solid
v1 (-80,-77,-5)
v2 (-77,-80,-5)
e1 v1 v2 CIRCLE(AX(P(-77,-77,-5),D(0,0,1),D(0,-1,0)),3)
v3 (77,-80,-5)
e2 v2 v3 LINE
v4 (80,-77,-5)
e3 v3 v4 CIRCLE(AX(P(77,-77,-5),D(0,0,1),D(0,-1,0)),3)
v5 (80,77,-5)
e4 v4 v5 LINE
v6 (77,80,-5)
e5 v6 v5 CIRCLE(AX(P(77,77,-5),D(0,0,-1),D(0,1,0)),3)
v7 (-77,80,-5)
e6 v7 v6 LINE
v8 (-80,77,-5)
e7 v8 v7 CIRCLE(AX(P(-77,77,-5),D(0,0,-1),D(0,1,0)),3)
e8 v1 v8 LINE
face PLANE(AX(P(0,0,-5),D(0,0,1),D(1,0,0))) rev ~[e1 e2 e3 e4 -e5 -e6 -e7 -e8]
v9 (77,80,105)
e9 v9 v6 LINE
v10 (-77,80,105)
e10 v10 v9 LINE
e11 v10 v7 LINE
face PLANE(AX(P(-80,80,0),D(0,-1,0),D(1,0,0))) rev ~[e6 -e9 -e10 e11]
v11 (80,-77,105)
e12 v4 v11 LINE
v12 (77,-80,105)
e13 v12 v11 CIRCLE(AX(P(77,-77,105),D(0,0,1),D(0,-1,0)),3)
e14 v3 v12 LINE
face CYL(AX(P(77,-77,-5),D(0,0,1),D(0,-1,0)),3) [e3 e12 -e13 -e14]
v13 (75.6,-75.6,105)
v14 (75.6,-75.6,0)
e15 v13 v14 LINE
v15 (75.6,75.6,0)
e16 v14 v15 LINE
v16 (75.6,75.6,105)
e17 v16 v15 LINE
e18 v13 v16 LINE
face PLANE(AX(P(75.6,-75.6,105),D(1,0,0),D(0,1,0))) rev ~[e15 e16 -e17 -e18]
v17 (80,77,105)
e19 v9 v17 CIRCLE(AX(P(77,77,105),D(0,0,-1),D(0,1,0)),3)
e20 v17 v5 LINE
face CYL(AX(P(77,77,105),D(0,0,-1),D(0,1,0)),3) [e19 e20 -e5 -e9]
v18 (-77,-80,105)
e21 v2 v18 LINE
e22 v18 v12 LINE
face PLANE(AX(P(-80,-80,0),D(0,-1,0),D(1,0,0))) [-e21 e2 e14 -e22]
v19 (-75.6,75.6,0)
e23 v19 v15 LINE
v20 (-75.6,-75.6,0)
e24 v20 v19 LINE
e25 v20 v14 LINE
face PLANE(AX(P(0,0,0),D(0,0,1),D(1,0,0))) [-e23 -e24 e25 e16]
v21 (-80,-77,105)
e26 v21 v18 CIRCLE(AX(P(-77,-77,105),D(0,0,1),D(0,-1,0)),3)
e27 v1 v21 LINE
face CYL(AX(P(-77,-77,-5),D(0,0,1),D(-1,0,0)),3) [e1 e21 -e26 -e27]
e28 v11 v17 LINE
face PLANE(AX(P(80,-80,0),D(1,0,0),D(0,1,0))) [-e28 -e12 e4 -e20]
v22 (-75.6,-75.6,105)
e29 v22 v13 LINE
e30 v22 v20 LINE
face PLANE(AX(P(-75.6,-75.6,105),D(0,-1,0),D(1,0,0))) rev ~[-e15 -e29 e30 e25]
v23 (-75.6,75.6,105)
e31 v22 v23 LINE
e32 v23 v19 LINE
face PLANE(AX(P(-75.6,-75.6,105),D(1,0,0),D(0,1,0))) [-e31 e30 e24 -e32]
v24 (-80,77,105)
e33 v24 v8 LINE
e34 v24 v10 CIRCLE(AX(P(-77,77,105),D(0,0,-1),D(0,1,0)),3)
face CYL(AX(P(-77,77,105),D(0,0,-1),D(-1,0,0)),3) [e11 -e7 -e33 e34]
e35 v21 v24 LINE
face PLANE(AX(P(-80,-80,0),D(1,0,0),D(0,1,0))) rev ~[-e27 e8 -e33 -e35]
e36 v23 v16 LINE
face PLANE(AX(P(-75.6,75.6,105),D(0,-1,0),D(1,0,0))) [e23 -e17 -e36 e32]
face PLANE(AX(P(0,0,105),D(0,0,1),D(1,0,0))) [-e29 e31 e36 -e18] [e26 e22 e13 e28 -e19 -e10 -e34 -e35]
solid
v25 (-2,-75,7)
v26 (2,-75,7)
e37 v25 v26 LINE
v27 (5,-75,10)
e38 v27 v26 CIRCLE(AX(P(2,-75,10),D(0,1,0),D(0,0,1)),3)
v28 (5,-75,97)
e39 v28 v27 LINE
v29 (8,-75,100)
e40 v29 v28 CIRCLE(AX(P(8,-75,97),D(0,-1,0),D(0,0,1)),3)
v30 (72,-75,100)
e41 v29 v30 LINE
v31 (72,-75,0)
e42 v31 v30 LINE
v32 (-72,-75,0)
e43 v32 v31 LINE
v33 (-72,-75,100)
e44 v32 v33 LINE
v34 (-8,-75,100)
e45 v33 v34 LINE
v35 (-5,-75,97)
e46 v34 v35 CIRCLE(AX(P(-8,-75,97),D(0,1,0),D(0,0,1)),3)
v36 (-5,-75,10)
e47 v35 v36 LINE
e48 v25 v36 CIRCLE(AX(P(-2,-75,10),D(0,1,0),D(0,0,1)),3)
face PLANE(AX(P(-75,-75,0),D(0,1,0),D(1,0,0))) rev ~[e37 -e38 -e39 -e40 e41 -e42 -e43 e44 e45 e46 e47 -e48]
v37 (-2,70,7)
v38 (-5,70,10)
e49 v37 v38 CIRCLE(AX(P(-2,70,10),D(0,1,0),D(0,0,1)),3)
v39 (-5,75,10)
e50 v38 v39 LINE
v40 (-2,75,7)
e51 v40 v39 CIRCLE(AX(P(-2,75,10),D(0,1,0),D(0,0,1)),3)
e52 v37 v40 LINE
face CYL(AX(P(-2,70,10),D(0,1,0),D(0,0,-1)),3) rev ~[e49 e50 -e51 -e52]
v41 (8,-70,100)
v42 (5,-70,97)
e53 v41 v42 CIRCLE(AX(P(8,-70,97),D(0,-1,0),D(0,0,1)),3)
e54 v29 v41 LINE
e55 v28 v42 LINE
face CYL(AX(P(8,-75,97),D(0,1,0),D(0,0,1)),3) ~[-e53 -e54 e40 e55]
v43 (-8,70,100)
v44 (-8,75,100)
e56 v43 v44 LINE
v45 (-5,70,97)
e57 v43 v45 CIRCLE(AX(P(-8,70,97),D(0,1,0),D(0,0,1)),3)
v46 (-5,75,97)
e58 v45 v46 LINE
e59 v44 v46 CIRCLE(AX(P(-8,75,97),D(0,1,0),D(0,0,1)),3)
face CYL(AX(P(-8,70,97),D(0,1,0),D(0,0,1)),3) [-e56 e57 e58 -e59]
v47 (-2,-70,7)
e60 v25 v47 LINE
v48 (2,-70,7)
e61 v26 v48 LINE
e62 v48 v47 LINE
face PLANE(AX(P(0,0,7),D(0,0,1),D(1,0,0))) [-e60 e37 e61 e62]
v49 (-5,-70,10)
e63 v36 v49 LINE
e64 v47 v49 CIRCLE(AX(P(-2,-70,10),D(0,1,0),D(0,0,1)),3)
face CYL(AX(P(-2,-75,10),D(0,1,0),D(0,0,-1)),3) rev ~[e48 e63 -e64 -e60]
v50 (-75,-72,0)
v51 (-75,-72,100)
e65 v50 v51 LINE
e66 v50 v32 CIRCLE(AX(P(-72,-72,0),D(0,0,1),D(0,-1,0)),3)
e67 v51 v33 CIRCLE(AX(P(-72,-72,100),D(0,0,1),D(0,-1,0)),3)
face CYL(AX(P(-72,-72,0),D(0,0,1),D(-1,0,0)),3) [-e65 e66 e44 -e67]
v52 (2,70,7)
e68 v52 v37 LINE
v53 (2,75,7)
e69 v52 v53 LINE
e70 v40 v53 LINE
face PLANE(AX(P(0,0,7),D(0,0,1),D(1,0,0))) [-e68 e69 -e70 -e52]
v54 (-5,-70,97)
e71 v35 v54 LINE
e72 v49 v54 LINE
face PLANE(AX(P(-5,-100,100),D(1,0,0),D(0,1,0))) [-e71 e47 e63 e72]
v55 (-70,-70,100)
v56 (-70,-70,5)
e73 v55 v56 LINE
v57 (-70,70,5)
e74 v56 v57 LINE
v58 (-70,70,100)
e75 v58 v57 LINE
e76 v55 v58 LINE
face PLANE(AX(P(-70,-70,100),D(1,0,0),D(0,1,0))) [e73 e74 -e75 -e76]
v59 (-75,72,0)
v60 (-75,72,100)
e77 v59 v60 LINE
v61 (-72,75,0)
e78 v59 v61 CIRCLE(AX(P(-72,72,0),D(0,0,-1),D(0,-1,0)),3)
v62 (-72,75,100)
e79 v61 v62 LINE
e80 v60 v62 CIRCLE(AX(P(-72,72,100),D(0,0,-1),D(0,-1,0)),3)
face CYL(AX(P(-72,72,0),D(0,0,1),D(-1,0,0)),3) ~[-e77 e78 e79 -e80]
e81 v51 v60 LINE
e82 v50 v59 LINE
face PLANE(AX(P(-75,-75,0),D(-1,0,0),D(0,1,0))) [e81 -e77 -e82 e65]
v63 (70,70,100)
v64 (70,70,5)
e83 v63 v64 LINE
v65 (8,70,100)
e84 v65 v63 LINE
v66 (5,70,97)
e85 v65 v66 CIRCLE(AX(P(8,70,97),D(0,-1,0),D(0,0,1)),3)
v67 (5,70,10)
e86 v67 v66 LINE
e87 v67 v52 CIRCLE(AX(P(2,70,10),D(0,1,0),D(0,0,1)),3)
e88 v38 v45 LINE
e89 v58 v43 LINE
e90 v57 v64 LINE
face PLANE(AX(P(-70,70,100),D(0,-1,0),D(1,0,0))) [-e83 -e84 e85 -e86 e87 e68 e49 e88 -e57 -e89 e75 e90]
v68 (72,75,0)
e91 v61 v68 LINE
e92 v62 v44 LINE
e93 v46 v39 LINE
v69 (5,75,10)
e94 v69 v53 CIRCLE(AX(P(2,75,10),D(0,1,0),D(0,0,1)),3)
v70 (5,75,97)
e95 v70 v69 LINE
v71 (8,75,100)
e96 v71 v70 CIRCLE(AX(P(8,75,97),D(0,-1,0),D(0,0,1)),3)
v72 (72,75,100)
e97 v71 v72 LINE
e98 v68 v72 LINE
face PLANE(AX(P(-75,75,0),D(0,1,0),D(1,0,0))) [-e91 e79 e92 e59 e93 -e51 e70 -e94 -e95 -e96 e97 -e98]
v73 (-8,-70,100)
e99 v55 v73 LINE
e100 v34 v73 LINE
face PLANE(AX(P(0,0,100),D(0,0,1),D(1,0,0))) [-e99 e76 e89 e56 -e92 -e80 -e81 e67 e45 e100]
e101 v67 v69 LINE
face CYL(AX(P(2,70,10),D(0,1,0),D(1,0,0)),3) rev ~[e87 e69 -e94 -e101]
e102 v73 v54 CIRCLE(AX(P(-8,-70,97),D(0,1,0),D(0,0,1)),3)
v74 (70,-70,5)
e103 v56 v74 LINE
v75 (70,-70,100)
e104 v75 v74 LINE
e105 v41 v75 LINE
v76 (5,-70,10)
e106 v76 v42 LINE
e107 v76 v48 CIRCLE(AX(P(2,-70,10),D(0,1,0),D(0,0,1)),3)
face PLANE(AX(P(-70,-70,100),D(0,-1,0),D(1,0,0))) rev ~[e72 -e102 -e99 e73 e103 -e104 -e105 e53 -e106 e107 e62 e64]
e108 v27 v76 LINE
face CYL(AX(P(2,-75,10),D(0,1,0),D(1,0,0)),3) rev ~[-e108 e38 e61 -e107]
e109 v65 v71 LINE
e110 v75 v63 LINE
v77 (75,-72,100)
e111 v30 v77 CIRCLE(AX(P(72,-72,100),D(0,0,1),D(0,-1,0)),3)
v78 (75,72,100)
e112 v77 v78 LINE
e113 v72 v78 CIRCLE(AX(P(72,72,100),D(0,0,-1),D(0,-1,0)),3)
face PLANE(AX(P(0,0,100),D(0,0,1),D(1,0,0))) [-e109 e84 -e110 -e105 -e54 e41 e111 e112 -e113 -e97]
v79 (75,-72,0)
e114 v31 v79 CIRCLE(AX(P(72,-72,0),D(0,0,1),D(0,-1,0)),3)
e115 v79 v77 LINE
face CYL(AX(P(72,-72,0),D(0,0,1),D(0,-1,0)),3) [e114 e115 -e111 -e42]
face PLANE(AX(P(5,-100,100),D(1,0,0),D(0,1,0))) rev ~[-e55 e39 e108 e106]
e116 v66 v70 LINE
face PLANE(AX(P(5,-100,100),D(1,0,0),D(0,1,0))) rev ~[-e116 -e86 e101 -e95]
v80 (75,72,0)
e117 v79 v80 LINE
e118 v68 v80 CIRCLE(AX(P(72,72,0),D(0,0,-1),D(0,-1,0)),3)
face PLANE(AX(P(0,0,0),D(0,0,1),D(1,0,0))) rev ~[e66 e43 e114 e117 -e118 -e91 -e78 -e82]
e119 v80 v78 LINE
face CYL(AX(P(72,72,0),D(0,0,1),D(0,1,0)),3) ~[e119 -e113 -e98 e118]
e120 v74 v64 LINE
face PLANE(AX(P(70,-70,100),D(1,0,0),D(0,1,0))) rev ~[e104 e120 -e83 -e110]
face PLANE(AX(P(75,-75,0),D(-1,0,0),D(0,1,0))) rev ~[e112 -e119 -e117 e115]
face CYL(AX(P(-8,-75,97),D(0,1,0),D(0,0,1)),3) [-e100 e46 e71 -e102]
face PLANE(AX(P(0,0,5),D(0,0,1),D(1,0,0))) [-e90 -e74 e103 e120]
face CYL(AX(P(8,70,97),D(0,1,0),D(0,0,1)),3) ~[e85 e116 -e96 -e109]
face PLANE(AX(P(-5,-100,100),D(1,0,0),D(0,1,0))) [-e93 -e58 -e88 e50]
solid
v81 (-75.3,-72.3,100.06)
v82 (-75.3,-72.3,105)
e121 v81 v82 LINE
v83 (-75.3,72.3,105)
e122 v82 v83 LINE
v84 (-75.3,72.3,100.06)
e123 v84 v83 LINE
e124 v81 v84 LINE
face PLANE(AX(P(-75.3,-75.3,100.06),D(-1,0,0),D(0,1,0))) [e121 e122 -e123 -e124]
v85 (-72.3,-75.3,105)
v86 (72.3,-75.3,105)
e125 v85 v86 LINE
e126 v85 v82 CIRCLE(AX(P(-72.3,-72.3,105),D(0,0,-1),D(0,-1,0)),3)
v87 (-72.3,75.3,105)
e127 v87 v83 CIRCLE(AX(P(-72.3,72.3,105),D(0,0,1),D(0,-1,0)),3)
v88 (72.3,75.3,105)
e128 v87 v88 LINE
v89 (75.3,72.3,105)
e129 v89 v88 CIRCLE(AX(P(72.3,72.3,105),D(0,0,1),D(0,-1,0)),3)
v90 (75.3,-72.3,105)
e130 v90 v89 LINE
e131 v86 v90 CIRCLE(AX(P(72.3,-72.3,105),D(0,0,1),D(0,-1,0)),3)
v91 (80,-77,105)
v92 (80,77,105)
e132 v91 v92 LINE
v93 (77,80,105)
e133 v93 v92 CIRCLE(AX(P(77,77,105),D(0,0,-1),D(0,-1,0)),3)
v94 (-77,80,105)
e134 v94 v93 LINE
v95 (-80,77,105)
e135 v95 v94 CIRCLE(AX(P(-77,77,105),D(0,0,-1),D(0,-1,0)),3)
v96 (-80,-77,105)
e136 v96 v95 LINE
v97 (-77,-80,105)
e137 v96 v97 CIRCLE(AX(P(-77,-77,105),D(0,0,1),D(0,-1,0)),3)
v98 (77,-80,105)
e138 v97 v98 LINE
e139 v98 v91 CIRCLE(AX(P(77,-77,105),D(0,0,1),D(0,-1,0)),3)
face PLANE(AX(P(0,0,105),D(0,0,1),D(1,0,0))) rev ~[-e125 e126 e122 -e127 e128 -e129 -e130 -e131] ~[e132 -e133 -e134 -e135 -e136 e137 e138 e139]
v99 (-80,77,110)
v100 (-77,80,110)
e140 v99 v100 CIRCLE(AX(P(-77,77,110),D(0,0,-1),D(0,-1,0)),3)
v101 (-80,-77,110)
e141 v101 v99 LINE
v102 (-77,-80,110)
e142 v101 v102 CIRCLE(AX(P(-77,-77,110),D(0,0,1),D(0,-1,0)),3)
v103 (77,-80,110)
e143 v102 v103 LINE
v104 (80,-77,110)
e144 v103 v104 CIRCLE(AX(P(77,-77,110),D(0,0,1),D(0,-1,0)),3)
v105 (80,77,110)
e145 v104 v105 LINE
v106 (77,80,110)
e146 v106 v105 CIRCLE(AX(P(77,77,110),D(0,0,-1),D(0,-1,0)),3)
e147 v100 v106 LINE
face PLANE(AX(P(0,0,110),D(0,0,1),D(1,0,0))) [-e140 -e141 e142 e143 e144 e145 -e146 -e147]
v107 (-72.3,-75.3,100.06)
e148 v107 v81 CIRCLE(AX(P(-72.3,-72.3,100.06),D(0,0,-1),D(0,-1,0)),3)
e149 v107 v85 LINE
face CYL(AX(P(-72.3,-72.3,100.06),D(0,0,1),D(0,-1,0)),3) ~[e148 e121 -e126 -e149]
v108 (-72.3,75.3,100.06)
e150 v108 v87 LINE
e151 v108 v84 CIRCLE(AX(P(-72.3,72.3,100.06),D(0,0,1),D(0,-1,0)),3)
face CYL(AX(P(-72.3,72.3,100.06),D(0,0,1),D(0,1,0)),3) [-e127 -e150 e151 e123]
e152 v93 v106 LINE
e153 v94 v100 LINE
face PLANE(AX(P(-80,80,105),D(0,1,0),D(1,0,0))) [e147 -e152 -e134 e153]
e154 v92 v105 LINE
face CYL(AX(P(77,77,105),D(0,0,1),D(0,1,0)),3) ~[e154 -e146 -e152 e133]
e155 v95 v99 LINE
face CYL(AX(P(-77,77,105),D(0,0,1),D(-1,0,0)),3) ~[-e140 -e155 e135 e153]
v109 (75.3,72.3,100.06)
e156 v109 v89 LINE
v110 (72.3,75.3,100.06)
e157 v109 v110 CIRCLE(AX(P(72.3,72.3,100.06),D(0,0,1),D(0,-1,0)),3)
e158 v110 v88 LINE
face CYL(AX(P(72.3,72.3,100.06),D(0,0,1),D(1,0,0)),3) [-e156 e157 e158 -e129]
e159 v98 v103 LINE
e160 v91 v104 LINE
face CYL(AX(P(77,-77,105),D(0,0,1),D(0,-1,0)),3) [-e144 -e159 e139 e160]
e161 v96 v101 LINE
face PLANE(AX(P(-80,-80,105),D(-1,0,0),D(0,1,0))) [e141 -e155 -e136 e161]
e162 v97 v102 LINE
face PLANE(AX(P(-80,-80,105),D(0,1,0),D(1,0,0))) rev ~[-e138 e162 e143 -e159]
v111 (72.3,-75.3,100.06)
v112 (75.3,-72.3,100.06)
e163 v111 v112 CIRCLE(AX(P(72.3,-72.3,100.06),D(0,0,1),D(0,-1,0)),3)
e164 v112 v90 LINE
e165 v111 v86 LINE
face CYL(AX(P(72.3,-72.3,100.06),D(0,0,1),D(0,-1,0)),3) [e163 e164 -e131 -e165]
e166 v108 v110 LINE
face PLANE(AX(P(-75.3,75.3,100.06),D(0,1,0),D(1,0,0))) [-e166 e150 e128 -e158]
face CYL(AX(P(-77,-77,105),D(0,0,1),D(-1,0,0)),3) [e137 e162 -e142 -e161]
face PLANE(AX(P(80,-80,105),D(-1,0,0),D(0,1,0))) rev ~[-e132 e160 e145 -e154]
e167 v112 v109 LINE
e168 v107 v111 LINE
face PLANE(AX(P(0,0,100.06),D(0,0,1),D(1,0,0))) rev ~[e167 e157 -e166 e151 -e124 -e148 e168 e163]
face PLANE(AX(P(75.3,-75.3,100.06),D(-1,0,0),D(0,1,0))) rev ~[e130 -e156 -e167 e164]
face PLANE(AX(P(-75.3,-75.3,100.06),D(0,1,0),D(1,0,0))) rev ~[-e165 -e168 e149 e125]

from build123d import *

# Parameters (mm, degrees)
SKETCH_W          = 150
SKETCH_H          = 150
PAD_DEPTH         = 100
SKETCH001_W       = 140
SKETCH001_H       = 140
POCKET_DEPTH      = 95
SKETCH002_W       = 10
SKETCH002_H       = 200
POCKET001_DEPTH   = 93
FILLET_R          = 3
SKETCH003_W       = 160
SKETCH003_H       = 160
PAD001_DEPTH      = 105
PAD001_DEPTH_BACK = 5
SKETCH004_W       = 151.2
SKETCH004_H       = 151.2
POCKET002_DEPTH   = 105
FILLET001_R       = 3
PAD002_START      = 105
SKETCH005_W       = 160
SKETCH005_H       = 160
PAD002_DEPTH      = 5
PAD003_START      = 100.06
SKETCH006_W       = 150.6
SKETCH006_H       = 150.6
PAD003_DEPTH      = 4.94
FILLET002_R       = 3


with BuildPart() as inner_sleeve:
    # Sketch → Pad (new body)
    with BuildSketch(Plane.XY):
        Rectangle(SKETCH_W, SKETCH_H)
    extrude(amount=PAD_DEPTH)

    # Sketch001 (on Face6 of Pad) → Pocket (cut)
    with BuildSketch(Plane.XY.offset(100)):
        Rectangle(SKETCH001_W, SKETCH001_H)
    extrude(amount=-POCKET_DEPTH, mode=Mode.SUBTRACT)

    # Sketch002 (on Face5 of Pocket) → Pocket001 (cut)
    with BuildSketch(Plane.XY.offset(100)):
        Rectangle(SKETCH002_W, SKETCH002_H)
    extrude(amount=-POCKET001_DEPTH, mode=Mode.SUBTRACT)

    # Fillet
    fillet_edges = [inner_sleeve.edges().sort_by_distance(p)[0] for p in [
        (-75, 75, 50),
        (-5, 72.5, 100),
        (5, -72.5, 7),
        (75, 75, 50),
        (-5, 72.5, 7),
        (-5, -72.5, 7),
        (5, 72.5, 7),
        (5, -72.5, 100),
        (-5, -72.5, 100),
        (5, 72.5, 100),
        (-75, -75, 50),
        (75, -75, 50),
    ]]
    fillet(fillet_edges, radius=FILLET_R)


with BuildPart() as box:
    # Sketch003 → Pad001 (new body, two sides)
    with BuildSketch(Plane.XY) as pad001_sk:
        Rectangle(SKETCH003_W, SKETCH003_H)
    extrude(amount=PAD001_DEPTH)
    extrude(pad001_sk.sketch, amount=-PAD001_DEPTH_BACK)

    # Sketch004 (on Face6 of Pad001) → Pocket002 (cut)
    with BuildSketch(Plane.XY.offset(105)):
        Rectangle(SKETCH004_W, SKETCH004_H)
    extrude(amount=-POCKET002_DEPTH, mode=Mode.SUBTRACT)

    # Fillet001
    fillet001_edges = [box.edges().sort_by_distance(p)[0] for p in [
        (-80, 80, 50),
        (-80, -80, 50),
        (80, -80, 50),
        (80, 80, 50),
    ]]
    fillet(fillet001_edges, radius=FILLET001_R)


with BuildPart() as lid:
    # Sketch005 → Pad002 (new body)
    with BuildSketch(Plane.XY.offset(PAD002_START)):
        Rectangle(SKETCH005_W, SKETCH005_H)
    extrude(amount=PAD002_DEPTH)

    # Sketch006 → Pad003 (join)
    with BuildSketch(Plane.XY.offset(PAD003_START)):
        Rectangle(SKETCH006_W, SKETCH006_H)
    extrude(amount=PAD003_DEPTH)

    # Fillet002
    fillet002_edges = [lid.edges().sort_by_distance(p)[0] for p in [
        (80, -80, 107.5),
        (75.3, -75.3, 102.53),
        (75.3, 75.3, 102.53),
        (80, 80, 107.5),
        (-80, 80, 107.5),
        (-75.3, 75.3, 102.53),
        (-80, -80, 107.5),
        (-75.3, -75.3, 102.53),
    ]]
    fillet(fillet002_edges, radius=FILLET002_R)


solid = Compound([inner_sleeve.part, box.part, lid.part])
